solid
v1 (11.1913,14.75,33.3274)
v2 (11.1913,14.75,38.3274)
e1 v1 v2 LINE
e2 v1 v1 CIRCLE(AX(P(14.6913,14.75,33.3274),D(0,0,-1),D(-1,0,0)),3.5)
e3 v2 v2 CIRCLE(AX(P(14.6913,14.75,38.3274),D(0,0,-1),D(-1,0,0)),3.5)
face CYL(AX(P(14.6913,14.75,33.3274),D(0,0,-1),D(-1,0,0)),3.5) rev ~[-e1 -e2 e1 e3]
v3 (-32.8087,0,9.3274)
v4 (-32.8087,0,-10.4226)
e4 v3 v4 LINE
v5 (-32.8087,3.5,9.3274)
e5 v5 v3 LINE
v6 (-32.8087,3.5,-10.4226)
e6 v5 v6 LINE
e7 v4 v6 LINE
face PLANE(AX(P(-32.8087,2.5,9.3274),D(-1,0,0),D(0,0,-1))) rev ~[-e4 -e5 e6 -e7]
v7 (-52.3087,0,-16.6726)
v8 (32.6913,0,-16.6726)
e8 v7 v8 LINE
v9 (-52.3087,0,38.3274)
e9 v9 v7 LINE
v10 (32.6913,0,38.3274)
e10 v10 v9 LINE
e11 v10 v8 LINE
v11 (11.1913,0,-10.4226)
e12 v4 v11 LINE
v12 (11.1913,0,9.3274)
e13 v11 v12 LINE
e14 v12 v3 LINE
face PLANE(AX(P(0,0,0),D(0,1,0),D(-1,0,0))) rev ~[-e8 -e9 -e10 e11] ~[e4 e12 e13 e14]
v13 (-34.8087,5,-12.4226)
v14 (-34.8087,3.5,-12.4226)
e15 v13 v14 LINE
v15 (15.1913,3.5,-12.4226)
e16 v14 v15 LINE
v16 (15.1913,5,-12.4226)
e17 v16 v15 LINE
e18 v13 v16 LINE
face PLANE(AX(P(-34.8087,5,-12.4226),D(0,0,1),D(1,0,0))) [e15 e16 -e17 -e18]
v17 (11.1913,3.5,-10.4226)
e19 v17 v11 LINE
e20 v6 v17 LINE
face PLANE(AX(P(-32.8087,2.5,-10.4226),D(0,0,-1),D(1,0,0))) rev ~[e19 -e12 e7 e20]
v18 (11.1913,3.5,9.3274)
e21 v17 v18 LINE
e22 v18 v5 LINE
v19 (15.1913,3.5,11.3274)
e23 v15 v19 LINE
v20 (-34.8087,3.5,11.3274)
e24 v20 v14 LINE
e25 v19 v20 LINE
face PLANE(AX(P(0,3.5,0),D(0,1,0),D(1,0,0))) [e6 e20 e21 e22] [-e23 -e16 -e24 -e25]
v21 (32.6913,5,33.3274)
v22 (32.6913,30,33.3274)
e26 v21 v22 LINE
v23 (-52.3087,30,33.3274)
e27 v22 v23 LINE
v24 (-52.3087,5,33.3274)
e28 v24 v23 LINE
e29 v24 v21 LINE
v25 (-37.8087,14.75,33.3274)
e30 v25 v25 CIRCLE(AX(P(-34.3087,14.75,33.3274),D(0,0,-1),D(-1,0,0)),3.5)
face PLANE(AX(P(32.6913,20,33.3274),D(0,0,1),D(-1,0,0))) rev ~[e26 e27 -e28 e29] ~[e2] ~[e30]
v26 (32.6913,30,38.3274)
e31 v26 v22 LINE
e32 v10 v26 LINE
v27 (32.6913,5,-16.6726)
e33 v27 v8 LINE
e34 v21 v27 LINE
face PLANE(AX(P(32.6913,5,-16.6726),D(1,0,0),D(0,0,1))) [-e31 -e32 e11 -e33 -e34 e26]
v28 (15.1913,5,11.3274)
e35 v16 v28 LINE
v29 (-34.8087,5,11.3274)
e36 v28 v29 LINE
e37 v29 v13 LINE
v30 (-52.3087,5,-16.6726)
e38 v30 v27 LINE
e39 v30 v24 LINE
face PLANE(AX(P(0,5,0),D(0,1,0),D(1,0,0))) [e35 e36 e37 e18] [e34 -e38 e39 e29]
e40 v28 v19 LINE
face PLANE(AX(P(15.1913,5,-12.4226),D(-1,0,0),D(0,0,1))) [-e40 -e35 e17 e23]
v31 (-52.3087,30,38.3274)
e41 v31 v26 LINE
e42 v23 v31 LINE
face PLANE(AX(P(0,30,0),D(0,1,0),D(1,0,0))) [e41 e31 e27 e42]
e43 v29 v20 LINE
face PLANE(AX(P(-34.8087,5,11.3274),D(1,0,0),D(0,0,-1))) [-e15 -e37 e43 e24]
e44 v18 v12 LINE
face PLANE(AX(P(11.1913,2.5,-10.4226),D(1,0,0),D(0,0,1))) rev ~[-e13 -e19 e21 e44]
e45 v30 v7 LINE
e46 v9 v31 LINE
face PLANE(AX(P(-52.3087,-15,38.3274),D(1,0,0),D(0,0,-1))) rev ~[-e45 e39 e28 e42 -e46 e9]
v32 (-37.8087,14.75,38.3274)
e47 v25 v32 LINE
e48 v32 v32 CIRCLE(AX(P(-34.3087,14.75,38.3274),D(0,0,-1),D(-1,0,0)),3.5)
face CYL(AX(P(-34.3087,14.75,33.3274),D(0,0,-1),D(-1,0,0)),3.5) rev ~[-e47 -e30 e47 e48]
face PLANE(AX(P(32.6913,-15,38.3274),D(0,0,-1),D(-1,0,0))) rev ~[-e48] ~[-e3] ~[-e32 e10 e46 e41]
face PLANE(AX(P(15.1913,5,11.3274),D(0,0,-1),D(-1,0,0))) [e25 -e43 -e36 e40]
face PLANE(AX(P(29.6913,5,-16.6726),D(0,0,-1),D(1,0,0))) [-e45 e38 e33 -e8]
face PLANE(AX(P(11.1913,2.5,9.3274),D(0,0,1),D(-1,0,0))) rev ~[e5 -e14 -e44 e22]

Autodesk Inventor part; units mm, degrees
ref_plane "YZ Plane" through (0, 0, 0) normal (1, 0, 0) x (0, 1, 0)
ref_plane "XZ Plane" through (0, 0, 0) normal (0, 1, 0) x (-1, 0, 0)
ref_plane "XY Plane" through (0, 0, 0) normal (0, 0, 1) x (1, 0, 0)
sketch "Sketch1" plane through (0, 0, 0) normal (0, 1, 0) x (-1, 0, 0)
  line L0 (52.3087, -21.6726) -> (-32.6913, -21.6726)
  line L1 (-32.6913, -21.6726) -> (-32.6913, 38.3274)
  line L2 (-32.6913, 38.3274) -> (52.3087, 38.3274)
  line L3 (52.3087, 38.3274) -> (52.3087, -21.6726)
  dimension "d4" = 60
  dimension "d5" = 85
extrude "Extrusion1" add sketch "Sketch1" along normal blind 20
sketch "Sketch2" plane through (0, 20, 0) normal (0, 1, 0) x (1, 0, 0)
  line L0 (32.6913, 21.6726) -> (-52.3087, 21.6726) projected
  line L1 (-52.3087, 21.6726) -> (-52.3087, -38.3274) projected
  line L2 (-52.3087, -38.3274) -> (32.6913, -38.3274) projected
  line L3 (32.6913, -38.3274) -> (32.6913, 21.6726) projected
  line L4 (-52.3087, 16.6726) -> (32.6913, 16.6726)
  line L5 (32.6913, 16.6726) -> (32.6913, -33.3274)
  line L6 (32.6913, -33.3274) -> (-52.3087, -33.3274)
  line L7 (-52.3087, -33.3274) -> (-52.3087, 16.6726)
  point P0 (0, 0)
  dimension "d8" = 0
  dimension "d9" = 0
  dimension "d10" = 5
  dimension "d11" = 5
extrude "Extrusion2" cut sketch "Sketch2" against normal blind 15 contours L3 L6 L1 L4
sketch "Sketch3" plane through (0, 5, 0) normal (0, 1, 0) x (1, 0, 0)
  line L0 (-52.3087, 16.6726) -> (32.6913, 16.6726) projected
  line L1 (-52.3087, -33.3274) -> (-52.3087, 16.6726) projected
  line L2 (32.6913, -33.3274) -> (-52.3087, -33.3274) projected
  line L3 (32.6913, 16.6726) -> (32.6913, -33.3274) projected
  line L4 (-34.8087, 12.4226) -> (15.1913, 12.4226)
  line L5 (15.1913, 12.4226) -> (15.1913, -11.3274)
  line L6 (15.1913, -11.3274) -> (-34.8087, -11.3274)
  line L7 (-34.8087, -11.3274) -> (-34.8087, 12.4226)
  point P0 (0, 0)
  dimension "d14" = 17.5
  dimension "d15" = 17.5
  dimension "d16" = 4.25
  dimension "d17" = 22
extrude "Extrusion3" cut sketch "Sketch3" against normal blind 1.5 contours L4 L5 L6 L7
sketch "Sketch4" plane through (0, 3.5, 0) normal (0, 1, 0) x (1, 0, 0)
  line L0 (-34.8087, 12.4226) -> (15.1913, 12.4226) projected
  line L1 (-34.8087, -11.3274) -> (-34.8087, 12.4226) projected
  line L2 (15.1913, -11.3274) -> (-34.8087, -11.3274) projected
  line L3 (15.1913, 12.4226) -> (15.1913, -11.3274) projected
  line L4 (-32.8087, 10.4226) -> (11.1913, 10.4226)
  line L5 (11.1913, 10.4226) -> (11.1913, -9.3274)
  line L6 (11.1913, -9.3274) -> (-32.8087, -9.3274)
  line L7 (-32.8087, -9.3274) -> (-32.8087, 10.4226)
  point P0 (0, 0)
  dimension "d20" = 2
  dimension "d21" = 2
  dimension "d22" = 2
  dimension "d23" = 4
extrude "Extrusion4" cut sketch "Sketch4" against normal blind 1 contours L4 L5 L6 L7
sketch "Sketch5" plane through (0, 20, 0) normal (0, 1, 0) x (1, 0, 0)
  line L0 (32.6913, -33.3274) -> (-52.3087, -33.3274) projected
  line L1 (-52.3087, -33.3274) -> (-52.3087, -38.3274) projected
  line L2 (-52.3087, -38.3274) -> (32.6913, -38.3274) projected
  line L3 (32.6913, -38.3274) -> (32.6913, -33.3274) projected
  line L4 (-52.3087, -33.3274) -> (32.6913, -33.3274)
  line L5 (32.6913, -33.3274) -> (32.6913, -38.3274)
  line L6 (32.6913, -38.3274) -> (-52.3087, -38.3274)
  line L7 (-52.3087, -38.3274) -> (-52.3087, -33.3274)
  point P0 (0, 0)
  dimension "d26" = 0
  dimension "d27" = 0
  dimension "d28" = 0
  dimension "d29" = 0
extrude "Extrusion5" add sketch "Sketch5" against normal blind 35
sketch "Sketch6" plane through (0, 20, 0) normal (0, 1, 0) x (1, 0, 0)
  line L0 (-52.3087, 16.6726) -> (32.6913, 16.6726) projected
  line L1 (32.6913, 16.6726) -> (32.6913, 21.6726) projected
  line L2 (32.6913, 21.6726) -> (-52.3087, 21.6726) projected
  line L3 (-52.3087, 21.6726) -> (-52.3087, 16.6726) projected
  line L4 (-52.3087, 21.6726) -> (32.6913, 21.6726)
  line L5 (32.6913, 21.6726) -> (32.6913, 16.6726)
  line L6 (32.6913, 16.6726) -> (-52.3087, 16.6726)
  line L7 (-52.3087, 16.6726) -> (-52.3087, 21.6726)
  point P0 (0, 0)
  dimension "d32" = 0
  dimension "d33" = 0
  dimension "d34" = 0
  dimension "d35" = 0
extrude "Extrusion6" cut sketch "Sketch6" against normal blind 20
sketch "Sketch8" plane through (0, 20, 0) normal (0, 1, 0) x (1, 0, 0)
  line L0 (32.6913, -33.3274) -> (-52.3087, -33.3274) projected
  line L1 (-52.3087, -33.3274) -> (-52.3087, -38.3274) projected
  line L2 (-52.3087, -38.3274) -> (32.6913, -38.3274) projected
  line L3 (32.6913, -38.3274) -> (32.6913, -33.3274) projected
  line L4 (-52.3087, -33.3274) -> (32.6913, -33.3274)
  line L5 (32.6913, -33.3274) -> (32.6913, -38.3274)
  line L6 (32.6913, -38.3274) -> (-52.3087, -38.3274)
  line L7 (-52.3087, -38.3274) -> (-52.3087, -33.3274)
  point P0 (0, 0)
  dimension "d41" = 0
  dimension "d42" = 0
  dimension "d43" = 0
  dimension "d44" = 0
extrude "Extrusion7" add sketch "Sketch8" along normal blind 10
sketch "Sketch9" plane through (0, -15, 0) normal (0, -1, 0) x (1, 0, 0)
  line L0 (-52.3087, 33.3274) -> (32.6913, 33.3274) projected
  line L1 (32.6913, 33.3274) -> (32.6913, 38.3274) projected
  line L2 (32.6913, 38.3274) -> (-52.3087, 38.3274) projected
  line L3 (-52.3087, 38.3274) -> (-52.3087, 33.3274) projected
  line L4 (-52.3087, 38.3274) -> (32.6913, 38.3274)
  line L5 (32.6913, 38.3274) -> (32.6913, 33.3274)
  line L6 (32.6913, 33.3274) -> (-52.3087, 33.3274)
  line L7 (-52.3087, 33.3274) -> (-52.3087, 38.3274)
  point P0 (0, 0)
  dimension "d47" = 0
  dimension "d48" = 0
  dimension "d49" = 0
  dimension "d50" = 0
extrude "Extrusion8" add sketch "Sketch9" along normal blind 10
sketch "Sketch10" plane through (32.6913, 5, 33.3274) normal (0, 0, -1) x (-1, 0, 0)
  line L0 (85, 25) -> (85, 0) projected
  line L1 (0, 25) -> (85, 25) projected
  circle A0 centre (18, 9.75) radius 3.5
  circle A1 centre (67, 9.75) radius 3.5
  point P0 (32.6913, -5)
  dimension "d53" = 15.25
  dimension "d55" = 15.25
  dimension "d58" = 7
  dimension "d59" = 7
  dimension "d70" = 49
  dimension "d71" = 18
extrude "Extrusion9" cut sketch "Sketch10" against normal blind 5
sketch "Sketch11" plane through (32.6913, 0, 33.3274) normal (0, 0, -1) x (-1, 0, 0)
  line L0 (0, 0) -> (0, -25) projected
  line L1 (85, -25) -> (0, -25) projected
  line L2 (85, 0) -> (85, -25) projected
  circle A0 centre (18, -9.75) radius 3.5
  circle A1 centre (67, -9.75) radius 3.5
  point P0 (32.6913, 0)
  dimension "d62" = 18
  dimension "d63" = 18
  dimension "d64" = 7
  dimension "d65" = 7
  dimension "d66" = 15.25
  dimension "d67" = 15.25
extrude "Extrusion10" cut sketch "Sketch11" against normal blind 5
sketch "Sketch13" plane through (0, 5, 0) normal (0, 1, 0) x (1, 0, 0)
  line L0 (-52.3087, 16.6726) -> (32.6913, 16.6726) projected
  line L1 (32.6913, -33.3274) -> (-52.3087, -33.3274) projected
  line L2 (32.6913, 16.6726) -> (32.6913, -33.3274) projected
  line L3 (32.6913, 16.6726) -> (29.6913, 16.6726)
  line L4 (29.6913, 16.6726) -> (29.6913, -33.3274)
  line L5 (29.6913, -33.3274) -> (32.6913, -33.3274)
  line L6 (32.6913, -33.3274) -> (32.6913, 16.6726)
  point P0 (0, 0)
  dimension "d72" = 0
  dimension "d73" = 0
  dimension "d74" = 0
  dimension "d75" = 3
extrude "Extrusion11" add sketch "Sketch13" along normal blind 20
sketch "Sketch14" plane through (32.6913, 0, 33.3274) normal (1, 0, 0) x (0, 0, -1)
  line L0 (50, 0) -> (50, 25) projected
  line L1 (50, 0) -> (0, 0) projected
  circle A0 centre (41.5, 10) radius 2
  circle A1 centre (27.5, 10) radius 2
  point P0 (33.3274, 0)
  dimension "d78" = 4
  dimension "d79" = 4
  dimension "d80" = 8.5
  dimension "d81" = 10
  dimension "d82" = 22.5
  dimension "d83" = 10
extrude "Extrusion12" cut sketch "Sketch14" against normal blind 5
sketch "Sketch15" plane through (0, -25, 0) normal (0, -1, 0) x (1, 0, 0)
  line L0 (-52.3087, 33.3274) -> (32.6913, 33.3274) projected
  line L1 (32.6913, 33.3274) -> (32.6913, 38.3274) projected
  line L2 (32.6913, 38.3274) -> (-52.3087, 38.3274) projected
  line L3 (-52.3087, 38.3274) -> (-52.3087, 33.3274) projected
  line L4 (-52.3087, 38.3274) -> (32.6913, 38.3274)
  line L5 (32.6913, 38.3274) -> (32.6913, 33.3274)
  line L6 (32.6913, 33.3274) -> (-52.3087, 33.3274)
  line L7 (-52.3087, 33.3274) -> (-52.3087, 38.3274)
  point P0 (0, 0)
  dimension "d86" = 0
  dimension "d87" = 0
  dimension "d88" = 0
  dimension "d89" = 0
extrude "Extrusion13" cut sketch "Sketch15" against normal blind 25
sketch "Sketch16" plane through (15.1913, 5, -12.4226) normal (-1, 0, 0) x (0, 0, 1)
  line L0 (0, 0) -> (23.75, 0) projected
  line L1 (0, 0) -> (0, -1.5) projected
  line L2 (0, -1.5) -> (23.75, -1.5) projected
  line L3 (23.75, 0) -> (23.75, -1.5) projected
  point P0 (12.4226, -5)
sketch "Sketch17" plane through (0, 2.5, 0) normal (0, 1, 0) x (1, 0, 0)
  line L0 (-32.8087, 10.4226) -> (11.1913, 10.4226) projected
  line L1 (-32.8087, -9.3274) -> (-32.8087, 10.4226) projected
  line L2 (11.1913, -9.3274) -> (-32.8087, -9.3274) projected
  line L3 (11.1913, 10.4226) -> (11.1913, -9.3274) projected
  line L4 (-32.8087, 10.4226) -> (11.1913, 10.4226)
  line L5 (11.1913, 10.4226) -> (11.1913, -9.3274)
  line L6 (11.1913, -9.3274) -> (-32.8087, -9.3274)
  line L7 (-32.8087, -9.3274) -> (-32.8087, 10.4226)
  point P0 (0, 0)
  dimension "d93" = 0
  dimension "d94" = 0
  dimension "d95" = 0
  dimension "d96" = 0
extrude "Extrusion14" cut sketch "Sketch17" along normal mid plane 5
sketch "Sketch18" plane through (0, 25, 0) normal (0, 1, 0) x (1, 0, 0)
  line L0 (32.6913, 16.6726) -> (29.6913, 16.6726) projected
  line L1 (29.6913, 16.6726) -> (29.6913, -33.3274) projected
  line L2 (32.6913, -33.3274) -> (29.6913, -33.3274) projected
  line L3 (32.6913, -33.3274) -> (32.6913, 16.6726) projected
  line L4 (29.6913, 16.6726) -> (32.6913, 16.6726)
  line L5 (32.6913, 16.6726) -> (32.6913, -33.3274)
  line L6 (32.6913, -33.3274) -> (29.6913, -33.3274)
  line L7 (29.6913, -33.3274) -> (29.6913, 16.6726)
  point P0 (0, 0)
  dimension "d99" = 0
  dimension "d100" = 0
  dimension "d101" = 0
  dimension "d102" = 0
extrude "Extrusion15" cut sketch "Sketch18" against normal blind 20
properties part number "sampleholderdraft5"
